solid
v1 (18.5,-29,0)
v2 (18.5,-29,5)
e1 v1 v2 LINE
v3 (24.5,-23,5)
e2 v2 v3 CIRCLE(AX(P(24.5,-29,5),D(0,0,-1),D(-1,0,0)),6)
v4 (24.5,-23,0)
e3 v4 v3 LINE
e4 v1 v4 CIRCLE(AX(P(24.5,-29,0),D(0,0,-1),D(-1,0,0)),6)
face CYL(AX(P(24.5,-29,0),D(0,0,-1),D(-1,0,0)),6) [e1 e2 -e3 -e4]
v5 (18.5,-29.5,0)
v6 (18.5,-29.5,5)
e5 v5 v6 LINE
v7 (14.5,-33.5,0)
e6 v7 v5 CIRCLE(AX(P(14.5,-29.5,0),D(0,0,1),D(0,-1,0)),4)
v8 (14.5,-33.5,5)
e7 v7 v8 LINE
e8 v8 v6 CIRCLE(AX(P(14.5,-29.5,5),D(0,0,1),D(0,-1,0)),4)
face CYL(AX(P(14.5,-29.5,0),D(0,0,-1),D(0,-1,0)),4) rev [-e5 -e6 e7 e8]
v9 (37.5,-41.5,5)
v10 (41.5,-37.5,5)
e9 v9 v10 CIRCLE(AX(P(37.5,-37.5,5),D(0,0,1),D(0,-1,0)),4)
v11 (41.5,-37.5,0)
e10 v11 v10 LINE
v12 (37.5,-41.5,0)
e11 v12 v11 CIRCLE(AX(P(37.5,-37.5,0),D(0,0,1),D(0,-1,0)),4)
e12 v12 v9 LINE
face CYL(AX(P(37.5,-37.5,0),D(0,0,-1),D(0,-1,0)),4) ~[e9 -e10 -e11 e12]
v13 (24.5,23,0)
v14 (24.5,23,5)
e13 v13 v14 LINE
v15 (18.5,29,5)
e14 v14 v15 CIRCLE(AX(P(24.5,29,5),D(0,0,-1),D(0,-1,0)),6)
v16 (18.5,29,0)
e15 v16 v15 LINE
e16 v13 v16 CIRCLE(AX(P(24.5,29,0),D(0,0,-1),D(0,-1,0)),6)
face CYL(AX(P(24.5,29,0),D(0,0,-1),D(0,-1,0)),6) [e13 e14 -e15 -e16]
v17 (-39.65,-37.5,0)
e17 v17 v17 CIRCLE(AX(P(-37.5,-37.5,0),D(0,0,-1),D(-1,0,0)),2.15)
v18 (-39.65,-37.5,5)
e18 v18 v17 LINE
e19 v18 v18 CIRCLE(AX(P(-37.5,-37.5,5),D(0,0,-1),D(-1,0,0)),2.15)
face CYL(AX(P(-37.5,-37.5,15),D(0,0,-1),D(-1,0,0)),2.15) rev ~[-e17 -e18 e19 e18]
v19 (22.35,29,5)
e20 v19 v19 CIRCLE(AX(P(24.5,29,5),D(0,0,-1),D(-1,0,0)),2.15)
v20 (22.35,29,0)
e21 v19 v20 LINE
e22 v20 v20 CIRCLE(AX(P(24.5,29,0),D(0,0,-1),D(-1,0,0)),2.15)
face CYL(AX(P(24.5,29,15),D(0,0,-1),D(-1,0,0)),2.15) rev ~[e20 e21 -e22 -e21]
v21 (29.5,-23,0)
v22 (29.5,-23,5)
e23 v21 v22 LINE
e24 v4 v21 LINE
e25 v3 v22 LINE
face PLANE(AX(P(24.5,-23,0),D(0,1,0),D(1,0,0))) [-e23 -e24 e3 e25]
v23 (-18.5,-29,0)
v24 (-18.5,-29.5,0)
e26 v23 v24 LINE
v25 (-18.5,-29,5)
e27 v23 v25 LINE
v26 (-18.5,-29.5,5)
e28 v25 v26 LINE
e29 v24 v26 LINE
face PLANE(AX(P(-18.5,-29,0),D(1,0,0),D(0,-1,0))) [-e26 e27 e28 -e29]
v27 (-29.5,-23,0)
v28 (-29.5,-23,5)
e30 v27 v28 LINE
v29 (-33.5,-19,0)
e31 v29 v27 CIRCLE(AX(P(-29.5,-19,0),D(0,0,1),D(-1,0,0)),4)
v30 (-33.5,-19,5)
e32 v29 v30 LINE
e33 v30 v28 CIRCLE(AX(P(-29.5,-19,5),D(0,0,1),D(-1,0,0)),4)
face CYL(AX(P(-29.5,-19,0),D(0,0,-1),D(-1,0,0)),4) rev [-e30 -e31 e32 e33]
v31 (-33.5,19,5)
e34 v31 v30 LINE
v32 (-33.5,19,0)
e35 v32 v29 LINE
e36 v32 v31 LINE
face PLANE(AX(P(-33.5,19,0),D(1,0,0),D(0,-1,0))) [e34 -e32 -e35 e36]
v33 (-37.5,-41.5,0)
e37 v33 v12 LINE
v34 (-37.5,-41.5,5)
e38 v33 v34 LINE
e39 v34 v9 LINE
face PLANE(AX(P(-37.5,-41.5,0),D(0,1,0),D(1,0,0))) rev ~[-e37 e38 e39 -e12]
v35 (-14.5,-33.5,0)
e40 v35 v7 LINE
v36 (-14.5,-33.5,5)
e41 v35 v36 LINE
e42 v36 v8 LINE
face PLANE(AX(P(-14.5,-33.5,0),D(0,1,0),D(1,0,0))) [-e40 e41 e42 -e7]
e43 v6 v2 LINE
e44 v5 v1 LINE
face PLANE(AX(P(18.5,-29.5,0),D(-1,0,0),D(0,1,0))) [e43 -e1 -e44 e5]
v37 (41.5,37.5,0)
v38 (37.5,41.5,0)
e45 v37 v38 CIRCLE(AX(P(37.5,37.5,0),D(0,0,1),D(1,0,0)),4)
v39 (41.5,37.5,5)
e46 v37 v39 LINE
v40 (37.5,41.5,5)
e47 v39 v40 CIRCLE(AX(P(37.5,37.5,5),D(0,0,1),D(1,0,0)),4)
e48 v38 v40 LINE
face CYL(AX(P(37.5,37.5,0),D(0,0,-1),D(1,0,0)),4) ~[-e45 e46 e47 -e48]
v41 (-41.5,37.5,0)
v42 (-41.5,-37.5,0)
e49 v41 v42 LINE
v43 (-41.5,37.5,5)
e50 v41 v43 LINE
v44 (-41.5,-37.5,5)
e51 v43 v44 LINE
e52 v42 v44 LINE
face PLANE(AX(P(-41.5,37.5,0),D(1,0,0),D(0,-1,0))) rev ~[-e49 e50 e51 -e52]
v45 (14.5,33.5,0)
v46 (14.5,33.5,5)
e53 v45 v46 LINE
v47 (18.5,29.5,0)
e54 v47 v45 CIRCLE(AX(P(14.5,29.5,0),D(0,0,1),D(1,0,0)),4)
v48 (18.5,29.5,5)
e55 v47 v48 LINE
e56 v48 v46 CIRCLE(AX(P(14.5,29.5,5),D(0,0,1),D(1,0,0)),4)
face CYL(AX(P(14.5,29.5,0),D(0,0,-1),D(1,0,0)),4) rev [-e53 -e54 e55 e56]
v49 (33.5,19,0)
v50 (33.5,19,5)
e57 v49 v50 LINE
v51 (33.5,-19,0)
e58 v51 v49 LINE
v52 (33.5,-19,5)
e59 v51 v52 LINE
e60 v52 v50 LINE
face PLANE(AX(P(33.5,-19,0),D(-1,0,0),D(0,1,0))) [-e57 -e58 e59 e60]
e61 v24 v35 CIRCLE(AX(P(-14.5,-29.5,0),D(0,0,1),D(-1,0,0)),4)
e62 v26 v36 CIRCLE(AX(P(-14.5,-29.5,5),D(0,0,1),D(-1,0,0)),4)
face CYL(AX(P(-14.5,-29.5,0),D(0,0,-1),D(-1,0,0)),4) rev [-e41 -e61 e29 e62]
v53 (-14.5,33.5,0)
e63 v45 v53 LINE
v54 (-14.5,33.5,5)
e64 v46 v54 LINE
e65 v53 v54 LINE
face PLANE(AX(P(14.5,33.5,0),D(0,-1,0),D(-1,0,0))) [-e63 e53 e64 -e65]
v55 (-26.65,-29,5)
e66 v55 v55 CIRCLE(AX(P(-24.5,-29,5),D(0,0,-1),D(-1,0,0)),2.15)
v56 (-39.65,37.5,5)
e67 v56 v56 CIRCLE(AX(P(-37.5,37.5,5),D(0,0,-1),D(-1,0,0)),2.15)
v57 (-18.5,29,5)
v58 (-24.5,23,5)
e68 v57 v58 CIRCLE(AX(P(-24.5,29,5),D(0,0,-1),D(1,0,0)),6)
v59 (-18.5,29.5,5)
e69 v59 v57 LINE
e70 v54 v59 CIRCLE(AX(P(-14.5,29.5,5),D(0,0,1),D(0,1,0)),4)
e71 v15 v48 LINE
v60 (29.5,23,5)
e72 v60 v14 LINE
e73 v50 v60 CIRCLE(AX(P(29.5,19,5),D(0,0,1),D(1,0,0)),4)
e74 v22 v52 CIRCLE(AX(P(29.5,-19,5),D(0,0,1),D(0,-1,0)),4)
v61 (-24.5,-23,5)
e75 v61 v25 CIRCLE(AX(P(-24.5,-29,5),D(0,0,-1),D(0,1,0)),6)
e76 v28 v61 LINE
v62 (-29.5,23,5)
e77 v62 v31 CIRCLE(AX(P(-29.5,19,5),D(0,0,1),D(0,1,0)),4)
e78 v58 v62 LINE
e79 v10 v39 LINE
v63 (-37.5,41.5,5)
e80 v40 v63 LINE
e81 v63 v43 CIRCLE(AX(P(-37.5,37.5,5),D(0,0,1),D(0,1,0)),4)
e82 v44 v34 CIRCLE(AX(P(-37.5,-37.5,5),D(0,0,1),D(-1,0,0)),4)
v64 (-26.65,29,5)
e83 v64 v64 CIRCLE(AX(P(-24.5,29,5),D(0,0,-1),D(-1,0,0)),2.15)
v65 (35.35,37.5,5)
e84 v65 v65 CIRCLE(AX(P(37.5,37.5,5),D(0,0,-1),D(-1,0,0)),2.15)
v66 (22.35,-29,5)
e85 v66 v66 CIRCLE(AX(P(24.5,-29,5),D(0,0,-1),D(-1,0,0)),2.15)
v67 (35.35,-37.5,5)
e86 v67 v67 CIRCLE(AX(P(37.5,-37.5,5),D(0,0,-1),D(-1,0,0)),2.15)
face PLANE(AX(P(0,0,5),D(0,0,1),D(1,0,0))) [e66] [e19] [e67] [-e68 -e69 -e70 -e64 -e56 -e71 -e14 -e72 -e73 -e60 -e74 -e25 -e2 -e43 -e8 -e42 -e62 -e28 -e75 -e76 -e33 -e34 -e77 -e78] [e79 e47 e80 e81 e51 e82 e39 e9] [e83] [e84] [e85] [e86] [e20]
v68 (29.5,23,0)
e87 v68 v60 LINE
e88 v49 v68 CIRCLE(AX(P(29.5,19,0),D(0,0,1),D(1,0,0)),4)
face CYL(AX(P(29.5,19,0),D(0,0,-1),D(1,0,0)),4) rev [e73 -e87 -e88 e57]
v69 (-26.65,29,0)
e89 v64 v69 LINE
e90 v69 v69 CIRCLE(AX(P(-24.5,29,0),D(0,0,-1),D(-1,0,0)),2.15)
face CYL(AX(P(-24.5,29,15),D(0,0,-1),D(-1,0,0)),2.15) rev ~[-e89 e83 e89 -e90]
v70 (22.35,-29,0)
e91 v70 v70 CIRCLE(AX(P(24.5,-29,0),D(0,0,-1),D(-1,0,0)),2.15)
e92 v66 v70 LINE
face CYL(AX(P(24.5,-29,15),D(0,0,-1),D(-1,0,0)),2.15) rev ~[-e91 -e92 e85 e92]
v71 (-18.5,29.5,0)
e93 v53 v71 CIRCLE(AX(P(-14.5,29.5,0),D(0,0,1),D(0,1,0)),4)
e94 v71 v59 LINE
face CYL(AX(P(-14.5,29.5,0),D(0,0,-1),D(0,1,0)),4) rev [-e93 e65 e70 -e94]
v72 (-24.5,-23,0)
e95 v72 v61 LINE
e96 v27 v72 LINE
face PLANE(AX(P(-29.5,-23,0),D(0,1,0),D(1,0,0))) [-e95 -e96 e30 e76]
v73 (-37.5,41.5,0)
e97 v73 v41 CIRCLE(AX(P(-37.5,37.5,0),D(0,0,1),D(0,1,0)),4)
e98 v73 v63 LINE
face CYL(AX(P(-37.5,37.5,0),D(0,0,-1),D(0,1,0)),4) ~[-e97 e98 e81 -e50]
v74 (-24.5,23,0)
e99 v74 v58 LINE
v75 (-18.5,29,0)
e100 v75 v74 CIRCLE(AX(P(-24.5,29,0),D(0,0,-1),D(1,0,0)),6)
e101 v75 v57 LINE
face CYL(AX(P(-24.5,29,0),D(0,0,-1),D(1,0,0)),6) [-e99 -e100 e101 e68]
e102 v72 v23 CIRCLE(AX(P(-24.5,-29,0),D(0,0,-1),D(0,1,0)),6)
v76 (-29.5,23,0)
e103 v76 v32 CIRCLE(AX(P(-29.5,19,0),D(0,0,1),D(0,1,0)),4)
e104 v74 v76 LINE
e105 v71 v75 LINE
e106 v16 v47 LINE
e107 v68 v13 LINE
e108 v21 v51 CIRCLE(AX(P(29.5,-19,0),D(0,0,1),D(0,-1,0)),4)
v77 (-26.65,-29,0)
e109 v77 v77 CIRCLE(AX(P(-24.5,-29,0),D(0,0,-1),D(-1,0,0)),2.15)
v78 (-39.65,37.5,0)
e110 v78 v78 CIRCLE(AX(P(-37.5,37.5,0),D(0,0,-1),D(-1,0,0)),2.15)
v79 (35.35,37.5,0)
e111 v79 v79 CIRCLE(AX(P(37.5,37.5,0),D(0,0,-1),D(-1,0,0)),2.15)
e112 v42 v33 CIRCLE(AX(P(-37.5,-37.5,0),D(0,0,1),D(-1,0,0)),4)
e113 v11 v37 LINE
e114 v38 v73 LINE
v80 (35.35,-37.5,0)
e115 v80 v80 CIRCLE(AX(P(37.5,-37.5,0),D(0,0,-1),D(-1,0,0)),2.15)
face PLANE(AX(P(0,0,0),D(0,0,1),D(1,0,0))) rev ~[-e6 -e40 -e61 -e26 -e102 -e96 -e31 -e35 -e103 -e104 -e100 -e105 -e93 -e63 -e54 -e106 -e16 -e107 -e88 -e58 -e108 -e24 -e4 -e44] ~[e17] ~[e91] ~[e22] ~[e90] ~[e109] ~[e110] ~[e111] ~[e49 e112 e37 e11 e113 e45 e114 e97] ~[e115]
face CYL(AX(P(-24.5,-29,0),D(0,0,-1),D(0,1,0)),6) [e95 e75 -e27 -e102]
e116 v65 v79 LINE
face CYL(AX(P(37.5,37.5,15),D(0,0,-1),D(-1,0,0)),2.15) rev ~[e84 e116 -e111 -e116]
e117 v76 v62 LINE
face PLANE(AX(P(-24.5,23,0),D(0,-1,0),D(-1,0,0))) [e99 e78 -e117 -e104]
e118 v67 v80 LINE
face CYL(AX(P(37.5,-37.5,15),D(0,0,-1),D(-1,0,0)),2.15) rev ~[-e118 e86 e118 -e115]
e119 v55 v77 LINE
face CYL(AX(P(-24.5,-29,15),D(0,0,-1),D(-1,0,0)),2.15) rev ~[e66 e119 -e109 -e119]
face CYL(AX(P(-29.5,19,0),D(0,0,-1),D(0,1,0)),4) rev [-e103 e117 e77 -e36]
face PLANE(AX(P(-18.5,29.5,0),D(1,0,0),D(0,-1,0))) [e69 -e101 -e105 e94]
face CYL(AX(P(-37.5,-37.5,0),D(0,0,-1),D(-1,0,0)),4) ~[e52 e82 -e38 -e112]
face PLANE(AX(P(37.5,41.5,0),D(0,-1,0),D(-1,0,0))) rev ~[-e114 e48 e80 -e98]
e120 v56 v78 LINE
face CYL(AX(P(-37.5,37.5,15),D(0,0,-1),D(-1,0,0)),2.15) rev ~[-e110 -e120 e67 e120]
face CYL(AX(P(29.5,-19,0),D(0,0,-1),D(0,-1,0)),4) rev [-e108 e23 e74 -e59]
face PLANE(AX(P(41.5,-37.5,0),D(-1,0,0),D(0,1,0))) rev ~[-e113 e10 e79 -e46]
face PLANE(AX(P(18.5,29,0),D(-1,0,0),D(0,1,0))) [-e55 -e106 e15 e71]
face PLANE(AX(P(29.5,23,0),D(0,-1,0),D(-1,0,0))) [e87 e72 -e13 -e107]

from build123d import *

# Parameters (mm, degrees)
BOSS_EXTRU_1_DEPTH   = 5
D_GAGEMENT_M41_D     = 4.3
D_GAGEMENT_M41_DEPTH = 10
D_GAGEMENT_M41_TIP   = 1.291850331


with BuildPart() as part:
    # Esquisse1 → Boss.-Extru.1 (new body)
    with BuildSketch(Plane.XY):
        with BuildLine():
            Line((-37.5, -41.5), (37.5, -41.5))
            ThreePointArc((37.5, -41.5), (40.328427125, -40.328427125), (41.5, -37.5))
            Line((41.5, -37.5), (41.5, 37.5))
            ThreePointArc((41.5, 37.5), (40.328427125, 40.328427125), (37.5, 41.5))
            Line((37.5, 41.5), (-37.5, 41.5))
            ThreePointArc((-37.5, 41.5), (-40.328427125, 40.328427125), (-41.5, 37.5))
            Line((-41.5, 37.5), (-41.5, -37.5))
            ThreePointArc((-41.5, -37.5), (-40.328427125, -40.328427125), (-37.5, -41.5))
        make_face()
        with BuildLine():
            Line((-14.5, -33.5), (14.5, -33.5))
            ThreePointArc((14.5, -33.5), (17.328427125, -32.328427125), (18.5, -29.5))
            Line((18.5, -29.5), (18.5, -29))
            ThreePointArc((18.5, -29), (20.257359313, -24.757359313), (24.5, -23))
            Line((24.5, -23), (29.5, -23))
            ThreePointArc((29.5, -23), (32.328427125, -21.828427125), (33.5, -19))
            Line((33.5, -19), (33.5, 19))
            ThreePointArc((33.5, 19), (32.328427125, 21.828427125), (29.5, 23))
            Line((29.5, 23), (24.5, 23))
            ThreePointArc((24.5, 23), (20.257359313, 24.757359313), (18.5, 29))
            Line((18.5, 29), (18.5, 29.5))
            ThreePointArc((18.5, 29.5), (17.328427125, 32.328427125), (14.5, 33.5))
            Line((14.5, 33.5), (-14.5, 33.5))
            ThreePointArc((-14.5, 33.5), (-17.328427125, 32.328427125), (-18.5, 29.5))
            Line((-18.5, 29.5), (-18.5, 29))
            ThreePointArc((-18.5, 29), (-20.257359313, 24.757359313), (-24.5, 23))
            Line((-24.5, 23), (-29.5, 23))
            ThreePointArc((-29.5, 23), (-32.328427125, 21.828427125), (-33.5, 19))
            Line((-33.5, 19), (-33.5, -19))
            ThreePointArc((-33.5, -19), (-32.328427125, -21.828427125), (-29.5, -23))
            Line((-29.5, -23), (-24.5, -23))
            ThreePointArc((-24.5, -23), (-20.257359313, -24.757359313), (-18.5, -29))
            Line((-18.5, -29), (-18.5, -29.5))
            ThreePointArc((-18.5, -29.5), (-17.328427125, -32.328427125), (-14.5, -33.5))
        make_face(mode=Mode.SUBTRACT)
    extrude(amount=BOSS_EXTRU_1_DEPTH)

    # Dégagement M41
    with Locations(Plane.XY.offset(5)):
        with Locations((-37.5, 37.5), (37.5, 37.5), (37.5, -37.5), (-37.5, -37.5), (-24.5, 29), (24.5, 29), (24.5, -29), (-24.5, -29)):
            Hole(D_GAGEMENT_M41_D / 2, depth=D_GAGEMENT_M41_DEPTH)
            with Locations((0, 0, -(D_GAGEMENT_M41_DEPTH + D_GAGEMENT_M41_TIP / 2))):  # 118° drill point
                Cone(0, D_GAGEMENT_M41_D / 2, D_GAGEMENT_M41_TIP, mode=Mode.SUBTRACT)


solid = part.part
